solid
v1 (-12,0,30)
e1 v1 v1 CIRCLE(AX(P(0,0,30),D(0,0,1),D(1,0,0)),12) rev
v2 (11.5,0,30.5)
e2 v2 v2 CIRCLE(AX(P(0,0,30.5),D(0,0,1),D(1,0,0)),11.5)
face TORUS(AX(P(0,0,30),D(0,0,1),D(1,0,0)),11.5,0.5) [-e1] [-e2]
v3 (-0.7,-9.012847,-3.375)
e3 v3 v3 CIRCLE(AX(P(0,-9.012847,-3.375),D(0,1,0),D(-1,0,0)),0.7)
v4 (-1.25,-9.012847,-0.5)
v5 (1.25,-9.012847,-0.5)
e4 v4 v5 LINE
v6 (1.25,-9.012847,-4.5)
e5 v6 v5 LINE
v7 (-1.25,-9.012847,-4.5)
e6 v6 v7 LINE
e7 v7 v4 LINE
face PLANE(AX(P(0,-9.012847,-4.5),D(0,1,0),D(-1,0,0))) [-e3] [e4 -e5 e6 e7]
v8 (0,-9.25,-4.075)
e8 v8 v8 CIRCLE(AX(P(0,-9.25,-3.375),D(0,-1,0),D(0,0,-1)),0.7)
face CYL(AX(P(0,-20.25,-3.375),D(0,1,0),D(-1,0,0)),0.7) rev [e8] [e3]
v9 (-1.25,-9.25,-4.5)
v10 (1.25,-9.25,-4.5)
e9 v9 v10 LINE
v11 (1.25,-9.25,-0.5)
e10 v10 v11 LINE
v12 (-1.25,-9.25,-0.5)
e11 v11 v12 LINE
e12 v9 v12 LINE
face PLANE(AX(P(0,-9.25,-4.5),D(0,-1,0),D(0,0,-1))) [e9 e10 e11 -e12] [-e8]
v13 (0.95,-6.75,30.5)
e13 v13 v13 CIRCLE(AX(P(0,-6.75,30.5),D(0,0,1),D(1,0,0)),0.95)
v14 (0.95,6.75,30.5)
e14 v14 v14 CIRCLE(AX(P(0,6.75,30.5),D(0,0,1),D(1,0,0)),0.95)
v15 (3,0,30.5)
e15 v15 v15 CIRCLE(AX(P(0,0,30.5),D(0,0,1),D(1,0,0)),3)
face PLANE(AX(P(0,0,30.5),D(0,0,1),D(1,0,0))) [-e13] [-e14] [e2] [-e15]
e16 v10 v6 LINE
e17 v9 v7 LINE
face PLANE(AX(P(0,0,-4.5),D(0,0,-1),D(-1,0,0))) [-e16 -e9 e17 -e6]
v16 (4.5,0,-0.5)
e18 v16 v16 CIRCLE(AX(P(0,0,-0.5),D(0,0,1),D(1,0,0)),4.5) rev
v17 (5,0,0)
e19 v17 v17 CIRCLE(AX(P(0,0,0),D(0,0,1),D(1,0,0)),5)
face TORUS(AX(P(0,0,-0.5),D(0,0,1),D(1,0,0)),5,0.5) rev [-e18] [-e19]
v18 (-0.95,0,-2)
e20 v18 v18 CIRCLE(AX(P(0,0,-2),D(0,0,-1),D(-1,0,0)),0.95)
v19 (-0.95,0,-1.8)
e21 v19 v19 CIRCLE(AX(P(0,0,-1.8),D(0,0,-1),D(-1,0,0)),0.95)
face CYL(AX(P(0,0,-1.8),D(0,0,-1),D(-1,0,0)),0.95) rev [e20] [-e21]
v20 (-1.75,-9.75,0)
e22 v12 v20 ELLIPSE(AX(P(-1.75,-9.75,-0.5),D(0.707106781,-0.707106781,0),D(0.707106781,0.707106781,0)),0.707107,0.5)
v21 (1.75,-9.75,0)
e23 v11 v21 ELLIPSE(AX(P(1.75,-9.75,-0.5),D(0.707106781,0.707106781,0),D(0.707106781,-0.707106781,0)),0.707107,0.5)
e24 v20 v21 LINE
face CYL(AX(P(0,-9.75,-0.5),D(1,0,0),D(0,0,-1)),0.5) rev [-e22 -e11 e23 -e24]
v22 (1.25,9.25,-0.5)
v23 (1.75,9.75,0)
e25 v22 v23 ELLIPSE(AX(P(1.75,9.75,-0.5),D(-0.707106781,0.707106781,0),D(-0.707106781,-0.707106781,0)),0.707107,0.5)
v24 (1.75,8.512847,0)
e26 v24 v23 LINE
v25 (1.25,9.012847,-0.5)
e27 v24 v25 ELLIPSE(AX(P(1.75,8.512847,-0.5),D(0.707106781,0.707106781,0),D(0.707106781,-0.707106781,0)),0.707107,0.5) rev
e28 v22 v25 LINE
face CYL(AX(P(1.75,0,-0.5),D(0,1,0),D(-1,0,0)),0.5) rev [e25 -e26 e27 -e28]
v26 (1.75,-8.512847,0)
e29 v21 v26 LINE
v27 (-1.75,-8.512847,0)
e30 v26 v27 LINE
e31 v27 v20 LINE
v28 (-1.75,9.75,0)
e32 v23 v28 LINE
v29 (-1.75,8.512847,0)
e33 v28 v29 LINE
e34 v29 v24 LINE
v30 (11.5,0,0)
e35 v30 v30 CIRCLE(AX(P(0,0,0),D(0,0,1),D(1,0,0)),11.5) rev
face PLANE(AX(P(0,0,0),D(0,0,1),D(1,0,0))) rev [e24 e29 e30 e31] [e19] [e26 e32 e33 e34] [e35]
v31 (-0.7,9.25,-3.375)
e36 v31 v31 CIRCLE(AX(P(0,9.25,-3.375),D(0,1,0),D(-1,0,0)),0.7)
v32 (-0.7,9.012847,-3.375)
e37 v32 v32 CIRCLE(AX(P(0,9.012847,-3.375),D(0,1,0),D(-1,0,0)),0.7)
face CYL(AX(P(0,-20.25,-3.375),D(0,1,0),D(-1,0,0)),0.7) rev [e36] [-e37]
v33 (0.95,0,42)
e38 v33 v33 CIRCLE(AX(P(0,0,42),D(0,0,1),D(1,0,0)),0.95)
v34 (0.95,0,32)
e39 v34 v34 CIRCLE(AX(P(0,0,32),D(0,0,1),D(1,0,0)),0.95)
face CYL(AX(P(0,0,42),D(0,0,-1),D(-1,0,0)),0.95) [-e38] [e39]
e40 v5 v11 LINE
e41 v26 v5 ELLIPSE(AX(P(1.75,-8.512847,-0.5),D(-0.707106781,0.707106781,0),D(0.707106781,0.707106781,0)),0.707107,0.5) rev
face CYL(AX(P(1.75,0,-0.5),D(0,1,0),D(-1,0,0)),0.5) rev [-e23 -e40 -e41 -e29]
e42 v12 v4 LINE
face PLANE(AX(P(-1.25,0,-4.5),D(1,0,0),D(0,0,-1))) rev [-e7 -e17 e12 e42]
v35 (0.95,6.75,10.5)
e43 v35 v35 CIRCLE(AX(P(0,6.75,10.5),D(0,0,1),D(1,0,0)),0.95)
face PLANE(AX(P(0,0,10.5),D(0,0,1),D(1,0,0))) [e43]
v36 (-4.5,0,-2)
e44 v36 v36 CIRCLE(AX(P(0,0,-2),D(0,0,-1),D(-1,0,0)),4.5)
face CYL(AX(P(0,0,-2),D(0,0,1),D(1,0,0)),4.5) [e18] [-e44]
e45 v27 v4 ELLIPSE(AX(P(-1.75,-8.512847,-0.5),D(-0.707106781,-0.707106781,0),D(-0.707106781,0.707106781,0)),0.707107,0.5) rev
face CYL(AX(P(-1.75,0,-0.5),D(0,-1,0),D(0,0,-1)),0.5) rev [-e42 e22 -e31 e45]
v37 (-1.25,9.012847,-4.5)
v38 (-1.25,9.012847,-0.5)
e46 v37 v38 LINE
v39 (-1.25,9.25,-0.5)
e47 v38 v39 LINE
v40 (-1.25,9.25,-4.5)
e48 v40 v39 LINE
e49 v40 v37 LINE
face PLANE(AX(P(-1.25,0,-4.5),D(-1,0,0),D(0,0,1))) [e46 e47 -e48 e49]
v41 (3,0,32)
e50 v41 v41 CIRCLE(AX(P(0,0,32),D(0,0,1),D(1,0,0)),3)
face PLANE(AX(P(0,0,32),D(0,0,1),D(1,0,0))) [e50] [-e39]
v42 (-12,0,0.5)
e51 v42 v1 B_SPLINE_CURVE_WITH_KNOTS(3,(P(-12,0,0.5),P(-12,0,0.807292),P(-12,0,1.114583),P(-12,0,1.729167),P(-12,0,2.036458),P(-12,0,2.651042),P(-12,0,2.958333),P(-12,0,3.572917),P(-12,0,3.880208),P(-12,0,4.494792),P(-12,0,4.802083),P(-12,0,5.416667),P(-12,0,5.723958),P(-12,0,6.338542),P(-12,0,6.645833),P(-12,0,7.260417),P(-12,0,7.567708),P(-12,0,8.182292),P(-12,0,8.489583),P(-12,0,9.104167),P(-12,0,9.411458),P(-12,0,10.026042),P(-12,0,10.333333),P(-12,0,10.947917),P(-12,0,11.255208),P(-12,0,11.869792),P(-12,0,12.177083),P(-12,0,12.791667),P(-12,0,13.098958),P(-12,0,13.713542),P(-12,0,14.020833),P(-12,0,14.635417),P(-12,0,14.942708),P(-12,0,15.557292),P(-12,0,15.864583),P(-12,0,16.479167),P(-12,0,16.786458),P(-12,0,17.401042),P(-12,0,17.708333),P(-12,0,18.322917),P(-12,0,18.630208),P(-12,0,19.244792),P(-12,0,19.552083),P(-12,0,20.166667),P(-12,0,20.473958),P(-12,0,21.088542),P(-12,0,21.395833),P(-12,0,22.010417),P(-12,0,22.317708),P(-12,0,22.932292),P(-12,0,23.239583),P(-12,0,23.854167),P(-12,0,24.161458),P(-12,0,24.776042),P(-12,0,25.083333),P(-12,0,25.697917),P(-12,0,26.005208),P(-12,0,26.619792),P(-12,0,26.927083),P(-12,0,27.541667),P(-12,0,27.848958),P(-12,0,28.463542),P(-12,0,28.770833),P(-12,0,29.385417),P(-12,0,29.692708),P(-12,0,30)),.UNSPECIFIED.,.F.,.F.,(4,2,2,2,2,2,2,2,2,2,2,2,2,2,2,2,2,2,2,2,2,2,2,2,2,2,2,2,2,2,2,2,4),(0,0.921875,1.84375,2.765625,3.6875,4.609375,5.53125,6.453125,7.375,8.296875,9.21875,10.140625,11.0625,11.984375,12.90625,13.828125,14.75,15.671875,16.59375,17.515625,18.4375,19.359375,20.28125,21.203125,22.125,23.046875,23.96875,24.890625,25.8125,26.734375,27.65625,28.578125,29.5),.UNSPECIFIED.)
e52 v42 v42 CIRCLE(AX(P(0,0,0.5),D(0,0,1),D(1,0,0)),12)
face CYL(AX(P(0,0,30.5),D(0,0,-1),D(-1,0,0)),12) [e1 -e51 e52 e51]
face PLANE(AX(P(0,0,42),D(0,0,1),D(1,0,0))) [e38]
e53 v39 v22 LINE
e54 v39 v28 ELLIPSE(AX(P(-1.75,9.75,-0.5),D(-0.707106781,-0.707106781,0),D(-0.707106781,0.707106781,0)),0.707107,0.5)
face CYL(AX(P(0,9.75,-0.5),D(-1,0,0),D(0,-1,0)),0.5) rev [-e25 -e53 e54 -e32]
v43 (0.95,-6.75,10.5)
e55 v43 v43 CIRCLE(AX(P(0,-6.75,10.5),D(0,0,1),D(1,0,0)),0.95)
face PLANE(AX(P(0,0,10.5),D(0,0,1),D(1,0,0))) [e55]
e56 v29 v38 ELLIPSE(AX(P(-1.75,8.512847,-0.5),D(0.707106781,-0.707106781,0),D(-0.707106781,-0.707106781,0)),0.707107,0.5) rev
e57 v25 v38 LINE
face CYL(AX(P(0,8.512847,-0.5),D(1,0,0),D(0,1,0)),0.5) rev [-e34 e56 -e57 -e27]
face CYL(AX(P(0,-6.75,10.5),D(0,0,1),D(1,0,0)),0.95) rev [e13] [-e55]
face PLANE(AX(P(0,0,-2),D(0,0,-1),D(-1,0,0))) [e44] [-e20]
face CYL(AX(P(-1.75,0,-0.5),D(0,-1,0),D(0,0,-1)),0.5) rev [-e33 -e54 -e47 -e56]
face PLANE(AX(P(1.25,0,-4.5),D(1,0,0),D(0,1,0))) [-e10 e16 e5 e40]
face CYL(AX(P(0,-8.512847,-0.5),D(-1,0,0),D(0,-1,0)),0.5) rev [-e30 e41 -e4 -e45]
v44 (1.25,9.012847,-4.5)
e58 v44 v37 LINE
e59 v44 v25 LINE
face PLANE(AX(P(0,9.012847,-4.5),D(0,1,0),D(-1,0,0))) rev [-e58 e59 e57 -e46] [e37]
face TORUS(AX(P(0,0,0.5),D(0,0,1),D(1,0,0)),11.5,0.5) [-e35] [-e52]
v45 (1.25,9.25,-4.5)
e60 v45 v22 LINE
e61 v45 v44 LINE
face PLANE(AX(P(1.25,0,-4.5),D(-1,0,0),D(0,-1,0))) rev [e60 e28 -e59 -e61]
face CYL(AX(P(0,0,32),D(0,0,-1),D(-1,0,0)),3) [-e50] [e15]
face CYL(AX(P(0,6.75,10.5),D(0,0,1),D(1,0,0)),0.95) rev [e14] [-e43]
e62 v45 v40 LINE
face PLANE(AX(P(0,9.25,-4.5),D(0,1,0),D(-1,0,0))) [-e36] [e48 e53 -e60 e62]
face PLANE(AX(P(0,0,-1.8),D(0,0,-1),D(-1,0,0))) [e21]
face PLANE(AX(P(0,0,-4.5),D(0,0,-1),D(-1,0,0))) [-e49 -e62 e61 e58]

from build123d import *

# Parameters (mm, degrees)
ESQUISSE1_R             = 12
BOSS_EXTRU_1_DEPTH      = 30.5
ESQUISSE2_R             = 4.5
BOSS_EXTRU_2_DEPTH      = 2
ESQUISSE3_R             = 3
BOSS_EXTRU_3_DEPTH      = 1.5
BOSS_EXTRU_4_DEPTH      = 4.5
ENL_V_MAT_EXTRU_1_DEPTH = 29.5
ESQUISSE6_R             = 0.95
BOSS_EXTRU_5_DEPTH      = 10
ESQUISSE7_R             = 0.95
ENL_V_MAT_EXTRU_2_DEPTH = 0.2
CONG_1_R                = 0.5
CONG_2_R                = 0.5
ENL_V_MAT_EXTRU_3_DEPTH = 20


with BuildPart() as part:
    # Esquisse1 → Boss.-Extru.1 (new body)
    with BuildSketch(Plane.XY):
        with Locations(Location((0, 0, 0), (0, 0, 180))):
            Circle(ESQUISSE1_R)
    extrude(amount=BOSS_EXTRU_1_DEPTH)

    # Esquisse2 → Boss.-Extru.2 (add)
    with BuildSketch(Plane(origin=(0, 0, 0), x_dir=(-1, 0, 0), z_dir=(0, 0, -1))):
        Circle(ESQUISSE2_R)
    extrude(amount=BOSS_EXTRU_2_DEPTH)

    # Esquisse3 → Boss.-Extru.3 (add)
    with BuildSketch(Plane.XY.offset(30.5)):
        Circle(ESQUISSE3_R)
    extrude(amount=BOSS_EXTRU_3_DEPTH)

    # Esquisse4 → Boss.-Extru.4 (add)
    with BuildSketch(Plane(origin=(0, 0, 0), x_dir=(-1, 0, 0), z_dir=(0, 0, -1))):
        with BuildLine():
            Line((0, -9.25), (0, -9.012847415))
            Line((0, -9.012847415), (-1.25, -9.012847415))
            Line((-1.25, -9.012847415), (-1.25, -9.16515139))
            ThreePointArc((-1.25, -9.16515139), (-0.626438203, -9.22876347), (0, -9.25))
        make_face()
        with BuildLine():
            Line((-1.25, -9.25), (0, -9.25))
            ThreePointArc((0, -9.25), (-0.626438203, -9.22876347), (-1.25, -9.16515139))
            Line((-1.25, -9.16515139), (-1.25, -9.25))
        make_face()
        with BuildLine():
            Line((1.25, -9.012847415), (0, -9.012847415))
            Line((0, -9.012847415), (0, -9.25))
            ThreePointArc((0, -9.25), (0.626438203, -9.22876347), (1.25, -9.16515139))
            Line((1.25, -9.16515139), (1.25, -9.012847415))
        make_face()
        with BuildLine():
            ThreePointArc((1.25, -9.16515139), (0.626438203, -9.22876347), (0, -9.25))
            Line((0, -9.25), (1.25, -9.25))
            Line((1.25, -9.25), (1.25, -9.16515139))
        make_face()
        with BuildLine():
            Line((0, 9.25), (0, 9.012847415))
            Line((0, 9.012847415), (1.25, 9.012847415))
            Line((1.25, 9.012847415), (1.25, 9.16515139))
            ThreePointArc((1.25, 9.16515139), (0.626438203, 9.22876347), (0, 9.25))
        make_face()
        with BuildLine():
            ThreePointArc((0, 9.25), (0.626438203, 9.22876347), (1.25, 9.16515139))
            Line((1.25, 9.16515139), (1.25, 9.25))
            Line((1.25, 9.25), (0, 9.25))
        make_face()
        with BuildLine():
            Line((-1.25, 9.012847415), (0, 9.012847415))
            Line((0, 9.012847415), (0, 9.25))
            ThreePointArc((0, 9.25), (-0.626438203, 9.22876347), (-1.25, 9.16515139))
            Line((-1.25, 9.16515139), (-1.25, 9.012847415))
        make_face()
        with BuildLine():
            Line((-1.25, 9.25), (-1.25, 9.16515139))
            ThreePointArc((-1.25, 9.16515139), (-0.626438203, 9.22876347), (0, 9.25))
            Line((0, 9.25), (-1.25, 9.25))
        make_face()
    extrude(amount=BOSS_EXTRU_4_DEPTH)

    # Esquisse5 → Enlèv. mat.-Extru.1 (cut)
    with BuildSketch(Plane(origin=(0, 9.25, 0), x_dir=(1, 0, 0), z_dir=(0, 1, 0))):
        with BuildLine():
            ThreePointArc((0.7, 3.375), (0.494974747, 3.869974747), (0, 4.075))
            Line((0, 4.075), (0, 2.675))
            ThreePointArc((0, 2.675), (0.494974747, 2.880025253), (0.7, 3.375))
        make_face()
        with BuildLine():
            Line((0, 2.675), (0, 4.075))
            ThreePointArc((0, 4.075), (-0.7, 3.375), (0, 2.675))
        make_face()
    extrude(amount=-ENL_V_MAT_EXTRU_1_DEPTH, mode=Mode.SUBTRACT)

    # Esquisse6 → Boss.-Extru.5 (add)
    with BuildSketch(Plane.XY.offset(32)):
        Circle(ESQUISSE6_R)
    extrude(amount=BOSS_EXTRU_5_DEPTH)

    # Esquisse7 → Enlèv. mat.-Extru.2 (cut)
    with BuildSketch(Plane(origin=(0, 0, -2), x_dir=(-1, 0, 0), z_dir=(0, 0, -1))):
        with Locations(Location((0, 0, 0), (0, 0, 180))):
            Circle(ESQUISSE7_R)
    extrude(amount=-ENL_V_MAT_EXTRU_2_DEPTH, mode=Mode.SUBTRACT)

    # Congé1
    cong_1_edges = [part.edges().sort_by_distance(p)[0] for p in [
        (12, 0, 30.5),
    ]]
    fillet(cong_1_edges, radius=CONG_1_R)

    # Congé2
    cong_2_edges = [part.edges().sort_by_distance(p)[0] for p in [
        (-1.25, -9.131423708, 0),
        (1.25, -9.131423708, 0),
        (0, -9.012847415, 0),
        (0, -9.25, 0),
        (12, 0, 0),
        (1.25, 9.131423708, 0),
        (0, 9.012847415, 0),
        (-1.25, 9.131423708, 0),
        (0, 9.25, 0),
        (4.5, 0, 0),
    ]]
    fillet(cong_2_edges, radius=CONG_2_R)

    # Esquisse8 → Enlèv. mat.-Extru.3 (cut)
    with BuildSketch(Plane.XY.offset(30.5)):
        with BuildLine():
            ThreePointArc((-0.947644886, 6.683148148), (-0.647684623, 6.055014655), (0, 5.8))
            Line((0, 5.8), (0, 6.75))
            ThreePointArc((0, 6.75), (-0.475, 6.733266295), (-0.947644886, 6.683148148))
        make_face()
        with BuildLine():
            Line((0, 6.75), (0, 5.8))
            ThreePointArc((0, 5.8), (0.647684623, 6.055014655), (0.947644886, 6.683148148))
            ThreePointArc((0.947644886, 6.683148148), (0.475, 6.733266295), (0, 6.75))
        make_face()
        with BuildLine():
            ThreePointArc((-0.947644886, 6.683148148), (-0.475, 6.733266295), (0, 6.75))
            Line((0, 6.75), (0, 7.7))
            ThreePointArc((0, 7.7), (-0.694985345, 7.397684623), (-0.947644886, 6.683148148))
        make_face()
        with BuildLine():
            Line((0, 7.7), (0, 6.75))
            ThreePointArc((0, 6.75), (0.475, 6.733266295), (0.947644886, 6.683148148))
            ThreePointArc((0.947644886, 6.683148148), (0.949411039, 6.716553339), (0.95, 6.75))
            ThreePointArc((0.95, 6.75), (0.671751442, 7.421751442), (0, 7.7))
        make_face()
        with BuildLine():
            ThreePointArc((0.947644886, -6.683148148), (0.647684623, -6.055014655), (0, -5.8))
            Line((0, -5.8), (0, -6.75))
            ThreePointArc((0, -6.75), (0.475, -6.733266295), (0.947644886, -6.683148148))
        make_face()
        with BuildLine():
            Line((0, -6.75), (0, -5.8))
            ThreePointArc((0, -5.8), (-0.647684623, -6.055014655), (-0.947644886, -6.683148148))
            ThreePointArc((-0.947644886, -6.683148148), (-0.475, -6.733266295), (0, -6.75))
        make_face()
        with BuildLine():
            ThreePointArc((0.947644886, -6.683148148), (0.475, -6.733266295), (0, -6.75))
            Line((0, -6.75), (0, -7.7))
            ThreePointArc((0, -7.7), (0.671751442, -7.421751442), (0.95, -6.75))
            ThreePointArc((0.95, -6.75), (0.949411039, -6.716553339), (0.947644886, -6.683148148))
        make_face()
        with BuildLine():
            Line((0, -7.7), (0, -6.75))
            ThreePointArc((0, -6.75), (-0.475, -6.733266295), (-0.947644886, -6.683148148))
            ThreePointArc((-0.947644886, -6.683148148), (-0.694985345, -7.397684623), (0, -7.7))
        make_face()
    extrude(amount=-ENL_V_MAT_EXTRU_3_DEPTH, mode=Mode.SUBTRACT)


solid = part.part
